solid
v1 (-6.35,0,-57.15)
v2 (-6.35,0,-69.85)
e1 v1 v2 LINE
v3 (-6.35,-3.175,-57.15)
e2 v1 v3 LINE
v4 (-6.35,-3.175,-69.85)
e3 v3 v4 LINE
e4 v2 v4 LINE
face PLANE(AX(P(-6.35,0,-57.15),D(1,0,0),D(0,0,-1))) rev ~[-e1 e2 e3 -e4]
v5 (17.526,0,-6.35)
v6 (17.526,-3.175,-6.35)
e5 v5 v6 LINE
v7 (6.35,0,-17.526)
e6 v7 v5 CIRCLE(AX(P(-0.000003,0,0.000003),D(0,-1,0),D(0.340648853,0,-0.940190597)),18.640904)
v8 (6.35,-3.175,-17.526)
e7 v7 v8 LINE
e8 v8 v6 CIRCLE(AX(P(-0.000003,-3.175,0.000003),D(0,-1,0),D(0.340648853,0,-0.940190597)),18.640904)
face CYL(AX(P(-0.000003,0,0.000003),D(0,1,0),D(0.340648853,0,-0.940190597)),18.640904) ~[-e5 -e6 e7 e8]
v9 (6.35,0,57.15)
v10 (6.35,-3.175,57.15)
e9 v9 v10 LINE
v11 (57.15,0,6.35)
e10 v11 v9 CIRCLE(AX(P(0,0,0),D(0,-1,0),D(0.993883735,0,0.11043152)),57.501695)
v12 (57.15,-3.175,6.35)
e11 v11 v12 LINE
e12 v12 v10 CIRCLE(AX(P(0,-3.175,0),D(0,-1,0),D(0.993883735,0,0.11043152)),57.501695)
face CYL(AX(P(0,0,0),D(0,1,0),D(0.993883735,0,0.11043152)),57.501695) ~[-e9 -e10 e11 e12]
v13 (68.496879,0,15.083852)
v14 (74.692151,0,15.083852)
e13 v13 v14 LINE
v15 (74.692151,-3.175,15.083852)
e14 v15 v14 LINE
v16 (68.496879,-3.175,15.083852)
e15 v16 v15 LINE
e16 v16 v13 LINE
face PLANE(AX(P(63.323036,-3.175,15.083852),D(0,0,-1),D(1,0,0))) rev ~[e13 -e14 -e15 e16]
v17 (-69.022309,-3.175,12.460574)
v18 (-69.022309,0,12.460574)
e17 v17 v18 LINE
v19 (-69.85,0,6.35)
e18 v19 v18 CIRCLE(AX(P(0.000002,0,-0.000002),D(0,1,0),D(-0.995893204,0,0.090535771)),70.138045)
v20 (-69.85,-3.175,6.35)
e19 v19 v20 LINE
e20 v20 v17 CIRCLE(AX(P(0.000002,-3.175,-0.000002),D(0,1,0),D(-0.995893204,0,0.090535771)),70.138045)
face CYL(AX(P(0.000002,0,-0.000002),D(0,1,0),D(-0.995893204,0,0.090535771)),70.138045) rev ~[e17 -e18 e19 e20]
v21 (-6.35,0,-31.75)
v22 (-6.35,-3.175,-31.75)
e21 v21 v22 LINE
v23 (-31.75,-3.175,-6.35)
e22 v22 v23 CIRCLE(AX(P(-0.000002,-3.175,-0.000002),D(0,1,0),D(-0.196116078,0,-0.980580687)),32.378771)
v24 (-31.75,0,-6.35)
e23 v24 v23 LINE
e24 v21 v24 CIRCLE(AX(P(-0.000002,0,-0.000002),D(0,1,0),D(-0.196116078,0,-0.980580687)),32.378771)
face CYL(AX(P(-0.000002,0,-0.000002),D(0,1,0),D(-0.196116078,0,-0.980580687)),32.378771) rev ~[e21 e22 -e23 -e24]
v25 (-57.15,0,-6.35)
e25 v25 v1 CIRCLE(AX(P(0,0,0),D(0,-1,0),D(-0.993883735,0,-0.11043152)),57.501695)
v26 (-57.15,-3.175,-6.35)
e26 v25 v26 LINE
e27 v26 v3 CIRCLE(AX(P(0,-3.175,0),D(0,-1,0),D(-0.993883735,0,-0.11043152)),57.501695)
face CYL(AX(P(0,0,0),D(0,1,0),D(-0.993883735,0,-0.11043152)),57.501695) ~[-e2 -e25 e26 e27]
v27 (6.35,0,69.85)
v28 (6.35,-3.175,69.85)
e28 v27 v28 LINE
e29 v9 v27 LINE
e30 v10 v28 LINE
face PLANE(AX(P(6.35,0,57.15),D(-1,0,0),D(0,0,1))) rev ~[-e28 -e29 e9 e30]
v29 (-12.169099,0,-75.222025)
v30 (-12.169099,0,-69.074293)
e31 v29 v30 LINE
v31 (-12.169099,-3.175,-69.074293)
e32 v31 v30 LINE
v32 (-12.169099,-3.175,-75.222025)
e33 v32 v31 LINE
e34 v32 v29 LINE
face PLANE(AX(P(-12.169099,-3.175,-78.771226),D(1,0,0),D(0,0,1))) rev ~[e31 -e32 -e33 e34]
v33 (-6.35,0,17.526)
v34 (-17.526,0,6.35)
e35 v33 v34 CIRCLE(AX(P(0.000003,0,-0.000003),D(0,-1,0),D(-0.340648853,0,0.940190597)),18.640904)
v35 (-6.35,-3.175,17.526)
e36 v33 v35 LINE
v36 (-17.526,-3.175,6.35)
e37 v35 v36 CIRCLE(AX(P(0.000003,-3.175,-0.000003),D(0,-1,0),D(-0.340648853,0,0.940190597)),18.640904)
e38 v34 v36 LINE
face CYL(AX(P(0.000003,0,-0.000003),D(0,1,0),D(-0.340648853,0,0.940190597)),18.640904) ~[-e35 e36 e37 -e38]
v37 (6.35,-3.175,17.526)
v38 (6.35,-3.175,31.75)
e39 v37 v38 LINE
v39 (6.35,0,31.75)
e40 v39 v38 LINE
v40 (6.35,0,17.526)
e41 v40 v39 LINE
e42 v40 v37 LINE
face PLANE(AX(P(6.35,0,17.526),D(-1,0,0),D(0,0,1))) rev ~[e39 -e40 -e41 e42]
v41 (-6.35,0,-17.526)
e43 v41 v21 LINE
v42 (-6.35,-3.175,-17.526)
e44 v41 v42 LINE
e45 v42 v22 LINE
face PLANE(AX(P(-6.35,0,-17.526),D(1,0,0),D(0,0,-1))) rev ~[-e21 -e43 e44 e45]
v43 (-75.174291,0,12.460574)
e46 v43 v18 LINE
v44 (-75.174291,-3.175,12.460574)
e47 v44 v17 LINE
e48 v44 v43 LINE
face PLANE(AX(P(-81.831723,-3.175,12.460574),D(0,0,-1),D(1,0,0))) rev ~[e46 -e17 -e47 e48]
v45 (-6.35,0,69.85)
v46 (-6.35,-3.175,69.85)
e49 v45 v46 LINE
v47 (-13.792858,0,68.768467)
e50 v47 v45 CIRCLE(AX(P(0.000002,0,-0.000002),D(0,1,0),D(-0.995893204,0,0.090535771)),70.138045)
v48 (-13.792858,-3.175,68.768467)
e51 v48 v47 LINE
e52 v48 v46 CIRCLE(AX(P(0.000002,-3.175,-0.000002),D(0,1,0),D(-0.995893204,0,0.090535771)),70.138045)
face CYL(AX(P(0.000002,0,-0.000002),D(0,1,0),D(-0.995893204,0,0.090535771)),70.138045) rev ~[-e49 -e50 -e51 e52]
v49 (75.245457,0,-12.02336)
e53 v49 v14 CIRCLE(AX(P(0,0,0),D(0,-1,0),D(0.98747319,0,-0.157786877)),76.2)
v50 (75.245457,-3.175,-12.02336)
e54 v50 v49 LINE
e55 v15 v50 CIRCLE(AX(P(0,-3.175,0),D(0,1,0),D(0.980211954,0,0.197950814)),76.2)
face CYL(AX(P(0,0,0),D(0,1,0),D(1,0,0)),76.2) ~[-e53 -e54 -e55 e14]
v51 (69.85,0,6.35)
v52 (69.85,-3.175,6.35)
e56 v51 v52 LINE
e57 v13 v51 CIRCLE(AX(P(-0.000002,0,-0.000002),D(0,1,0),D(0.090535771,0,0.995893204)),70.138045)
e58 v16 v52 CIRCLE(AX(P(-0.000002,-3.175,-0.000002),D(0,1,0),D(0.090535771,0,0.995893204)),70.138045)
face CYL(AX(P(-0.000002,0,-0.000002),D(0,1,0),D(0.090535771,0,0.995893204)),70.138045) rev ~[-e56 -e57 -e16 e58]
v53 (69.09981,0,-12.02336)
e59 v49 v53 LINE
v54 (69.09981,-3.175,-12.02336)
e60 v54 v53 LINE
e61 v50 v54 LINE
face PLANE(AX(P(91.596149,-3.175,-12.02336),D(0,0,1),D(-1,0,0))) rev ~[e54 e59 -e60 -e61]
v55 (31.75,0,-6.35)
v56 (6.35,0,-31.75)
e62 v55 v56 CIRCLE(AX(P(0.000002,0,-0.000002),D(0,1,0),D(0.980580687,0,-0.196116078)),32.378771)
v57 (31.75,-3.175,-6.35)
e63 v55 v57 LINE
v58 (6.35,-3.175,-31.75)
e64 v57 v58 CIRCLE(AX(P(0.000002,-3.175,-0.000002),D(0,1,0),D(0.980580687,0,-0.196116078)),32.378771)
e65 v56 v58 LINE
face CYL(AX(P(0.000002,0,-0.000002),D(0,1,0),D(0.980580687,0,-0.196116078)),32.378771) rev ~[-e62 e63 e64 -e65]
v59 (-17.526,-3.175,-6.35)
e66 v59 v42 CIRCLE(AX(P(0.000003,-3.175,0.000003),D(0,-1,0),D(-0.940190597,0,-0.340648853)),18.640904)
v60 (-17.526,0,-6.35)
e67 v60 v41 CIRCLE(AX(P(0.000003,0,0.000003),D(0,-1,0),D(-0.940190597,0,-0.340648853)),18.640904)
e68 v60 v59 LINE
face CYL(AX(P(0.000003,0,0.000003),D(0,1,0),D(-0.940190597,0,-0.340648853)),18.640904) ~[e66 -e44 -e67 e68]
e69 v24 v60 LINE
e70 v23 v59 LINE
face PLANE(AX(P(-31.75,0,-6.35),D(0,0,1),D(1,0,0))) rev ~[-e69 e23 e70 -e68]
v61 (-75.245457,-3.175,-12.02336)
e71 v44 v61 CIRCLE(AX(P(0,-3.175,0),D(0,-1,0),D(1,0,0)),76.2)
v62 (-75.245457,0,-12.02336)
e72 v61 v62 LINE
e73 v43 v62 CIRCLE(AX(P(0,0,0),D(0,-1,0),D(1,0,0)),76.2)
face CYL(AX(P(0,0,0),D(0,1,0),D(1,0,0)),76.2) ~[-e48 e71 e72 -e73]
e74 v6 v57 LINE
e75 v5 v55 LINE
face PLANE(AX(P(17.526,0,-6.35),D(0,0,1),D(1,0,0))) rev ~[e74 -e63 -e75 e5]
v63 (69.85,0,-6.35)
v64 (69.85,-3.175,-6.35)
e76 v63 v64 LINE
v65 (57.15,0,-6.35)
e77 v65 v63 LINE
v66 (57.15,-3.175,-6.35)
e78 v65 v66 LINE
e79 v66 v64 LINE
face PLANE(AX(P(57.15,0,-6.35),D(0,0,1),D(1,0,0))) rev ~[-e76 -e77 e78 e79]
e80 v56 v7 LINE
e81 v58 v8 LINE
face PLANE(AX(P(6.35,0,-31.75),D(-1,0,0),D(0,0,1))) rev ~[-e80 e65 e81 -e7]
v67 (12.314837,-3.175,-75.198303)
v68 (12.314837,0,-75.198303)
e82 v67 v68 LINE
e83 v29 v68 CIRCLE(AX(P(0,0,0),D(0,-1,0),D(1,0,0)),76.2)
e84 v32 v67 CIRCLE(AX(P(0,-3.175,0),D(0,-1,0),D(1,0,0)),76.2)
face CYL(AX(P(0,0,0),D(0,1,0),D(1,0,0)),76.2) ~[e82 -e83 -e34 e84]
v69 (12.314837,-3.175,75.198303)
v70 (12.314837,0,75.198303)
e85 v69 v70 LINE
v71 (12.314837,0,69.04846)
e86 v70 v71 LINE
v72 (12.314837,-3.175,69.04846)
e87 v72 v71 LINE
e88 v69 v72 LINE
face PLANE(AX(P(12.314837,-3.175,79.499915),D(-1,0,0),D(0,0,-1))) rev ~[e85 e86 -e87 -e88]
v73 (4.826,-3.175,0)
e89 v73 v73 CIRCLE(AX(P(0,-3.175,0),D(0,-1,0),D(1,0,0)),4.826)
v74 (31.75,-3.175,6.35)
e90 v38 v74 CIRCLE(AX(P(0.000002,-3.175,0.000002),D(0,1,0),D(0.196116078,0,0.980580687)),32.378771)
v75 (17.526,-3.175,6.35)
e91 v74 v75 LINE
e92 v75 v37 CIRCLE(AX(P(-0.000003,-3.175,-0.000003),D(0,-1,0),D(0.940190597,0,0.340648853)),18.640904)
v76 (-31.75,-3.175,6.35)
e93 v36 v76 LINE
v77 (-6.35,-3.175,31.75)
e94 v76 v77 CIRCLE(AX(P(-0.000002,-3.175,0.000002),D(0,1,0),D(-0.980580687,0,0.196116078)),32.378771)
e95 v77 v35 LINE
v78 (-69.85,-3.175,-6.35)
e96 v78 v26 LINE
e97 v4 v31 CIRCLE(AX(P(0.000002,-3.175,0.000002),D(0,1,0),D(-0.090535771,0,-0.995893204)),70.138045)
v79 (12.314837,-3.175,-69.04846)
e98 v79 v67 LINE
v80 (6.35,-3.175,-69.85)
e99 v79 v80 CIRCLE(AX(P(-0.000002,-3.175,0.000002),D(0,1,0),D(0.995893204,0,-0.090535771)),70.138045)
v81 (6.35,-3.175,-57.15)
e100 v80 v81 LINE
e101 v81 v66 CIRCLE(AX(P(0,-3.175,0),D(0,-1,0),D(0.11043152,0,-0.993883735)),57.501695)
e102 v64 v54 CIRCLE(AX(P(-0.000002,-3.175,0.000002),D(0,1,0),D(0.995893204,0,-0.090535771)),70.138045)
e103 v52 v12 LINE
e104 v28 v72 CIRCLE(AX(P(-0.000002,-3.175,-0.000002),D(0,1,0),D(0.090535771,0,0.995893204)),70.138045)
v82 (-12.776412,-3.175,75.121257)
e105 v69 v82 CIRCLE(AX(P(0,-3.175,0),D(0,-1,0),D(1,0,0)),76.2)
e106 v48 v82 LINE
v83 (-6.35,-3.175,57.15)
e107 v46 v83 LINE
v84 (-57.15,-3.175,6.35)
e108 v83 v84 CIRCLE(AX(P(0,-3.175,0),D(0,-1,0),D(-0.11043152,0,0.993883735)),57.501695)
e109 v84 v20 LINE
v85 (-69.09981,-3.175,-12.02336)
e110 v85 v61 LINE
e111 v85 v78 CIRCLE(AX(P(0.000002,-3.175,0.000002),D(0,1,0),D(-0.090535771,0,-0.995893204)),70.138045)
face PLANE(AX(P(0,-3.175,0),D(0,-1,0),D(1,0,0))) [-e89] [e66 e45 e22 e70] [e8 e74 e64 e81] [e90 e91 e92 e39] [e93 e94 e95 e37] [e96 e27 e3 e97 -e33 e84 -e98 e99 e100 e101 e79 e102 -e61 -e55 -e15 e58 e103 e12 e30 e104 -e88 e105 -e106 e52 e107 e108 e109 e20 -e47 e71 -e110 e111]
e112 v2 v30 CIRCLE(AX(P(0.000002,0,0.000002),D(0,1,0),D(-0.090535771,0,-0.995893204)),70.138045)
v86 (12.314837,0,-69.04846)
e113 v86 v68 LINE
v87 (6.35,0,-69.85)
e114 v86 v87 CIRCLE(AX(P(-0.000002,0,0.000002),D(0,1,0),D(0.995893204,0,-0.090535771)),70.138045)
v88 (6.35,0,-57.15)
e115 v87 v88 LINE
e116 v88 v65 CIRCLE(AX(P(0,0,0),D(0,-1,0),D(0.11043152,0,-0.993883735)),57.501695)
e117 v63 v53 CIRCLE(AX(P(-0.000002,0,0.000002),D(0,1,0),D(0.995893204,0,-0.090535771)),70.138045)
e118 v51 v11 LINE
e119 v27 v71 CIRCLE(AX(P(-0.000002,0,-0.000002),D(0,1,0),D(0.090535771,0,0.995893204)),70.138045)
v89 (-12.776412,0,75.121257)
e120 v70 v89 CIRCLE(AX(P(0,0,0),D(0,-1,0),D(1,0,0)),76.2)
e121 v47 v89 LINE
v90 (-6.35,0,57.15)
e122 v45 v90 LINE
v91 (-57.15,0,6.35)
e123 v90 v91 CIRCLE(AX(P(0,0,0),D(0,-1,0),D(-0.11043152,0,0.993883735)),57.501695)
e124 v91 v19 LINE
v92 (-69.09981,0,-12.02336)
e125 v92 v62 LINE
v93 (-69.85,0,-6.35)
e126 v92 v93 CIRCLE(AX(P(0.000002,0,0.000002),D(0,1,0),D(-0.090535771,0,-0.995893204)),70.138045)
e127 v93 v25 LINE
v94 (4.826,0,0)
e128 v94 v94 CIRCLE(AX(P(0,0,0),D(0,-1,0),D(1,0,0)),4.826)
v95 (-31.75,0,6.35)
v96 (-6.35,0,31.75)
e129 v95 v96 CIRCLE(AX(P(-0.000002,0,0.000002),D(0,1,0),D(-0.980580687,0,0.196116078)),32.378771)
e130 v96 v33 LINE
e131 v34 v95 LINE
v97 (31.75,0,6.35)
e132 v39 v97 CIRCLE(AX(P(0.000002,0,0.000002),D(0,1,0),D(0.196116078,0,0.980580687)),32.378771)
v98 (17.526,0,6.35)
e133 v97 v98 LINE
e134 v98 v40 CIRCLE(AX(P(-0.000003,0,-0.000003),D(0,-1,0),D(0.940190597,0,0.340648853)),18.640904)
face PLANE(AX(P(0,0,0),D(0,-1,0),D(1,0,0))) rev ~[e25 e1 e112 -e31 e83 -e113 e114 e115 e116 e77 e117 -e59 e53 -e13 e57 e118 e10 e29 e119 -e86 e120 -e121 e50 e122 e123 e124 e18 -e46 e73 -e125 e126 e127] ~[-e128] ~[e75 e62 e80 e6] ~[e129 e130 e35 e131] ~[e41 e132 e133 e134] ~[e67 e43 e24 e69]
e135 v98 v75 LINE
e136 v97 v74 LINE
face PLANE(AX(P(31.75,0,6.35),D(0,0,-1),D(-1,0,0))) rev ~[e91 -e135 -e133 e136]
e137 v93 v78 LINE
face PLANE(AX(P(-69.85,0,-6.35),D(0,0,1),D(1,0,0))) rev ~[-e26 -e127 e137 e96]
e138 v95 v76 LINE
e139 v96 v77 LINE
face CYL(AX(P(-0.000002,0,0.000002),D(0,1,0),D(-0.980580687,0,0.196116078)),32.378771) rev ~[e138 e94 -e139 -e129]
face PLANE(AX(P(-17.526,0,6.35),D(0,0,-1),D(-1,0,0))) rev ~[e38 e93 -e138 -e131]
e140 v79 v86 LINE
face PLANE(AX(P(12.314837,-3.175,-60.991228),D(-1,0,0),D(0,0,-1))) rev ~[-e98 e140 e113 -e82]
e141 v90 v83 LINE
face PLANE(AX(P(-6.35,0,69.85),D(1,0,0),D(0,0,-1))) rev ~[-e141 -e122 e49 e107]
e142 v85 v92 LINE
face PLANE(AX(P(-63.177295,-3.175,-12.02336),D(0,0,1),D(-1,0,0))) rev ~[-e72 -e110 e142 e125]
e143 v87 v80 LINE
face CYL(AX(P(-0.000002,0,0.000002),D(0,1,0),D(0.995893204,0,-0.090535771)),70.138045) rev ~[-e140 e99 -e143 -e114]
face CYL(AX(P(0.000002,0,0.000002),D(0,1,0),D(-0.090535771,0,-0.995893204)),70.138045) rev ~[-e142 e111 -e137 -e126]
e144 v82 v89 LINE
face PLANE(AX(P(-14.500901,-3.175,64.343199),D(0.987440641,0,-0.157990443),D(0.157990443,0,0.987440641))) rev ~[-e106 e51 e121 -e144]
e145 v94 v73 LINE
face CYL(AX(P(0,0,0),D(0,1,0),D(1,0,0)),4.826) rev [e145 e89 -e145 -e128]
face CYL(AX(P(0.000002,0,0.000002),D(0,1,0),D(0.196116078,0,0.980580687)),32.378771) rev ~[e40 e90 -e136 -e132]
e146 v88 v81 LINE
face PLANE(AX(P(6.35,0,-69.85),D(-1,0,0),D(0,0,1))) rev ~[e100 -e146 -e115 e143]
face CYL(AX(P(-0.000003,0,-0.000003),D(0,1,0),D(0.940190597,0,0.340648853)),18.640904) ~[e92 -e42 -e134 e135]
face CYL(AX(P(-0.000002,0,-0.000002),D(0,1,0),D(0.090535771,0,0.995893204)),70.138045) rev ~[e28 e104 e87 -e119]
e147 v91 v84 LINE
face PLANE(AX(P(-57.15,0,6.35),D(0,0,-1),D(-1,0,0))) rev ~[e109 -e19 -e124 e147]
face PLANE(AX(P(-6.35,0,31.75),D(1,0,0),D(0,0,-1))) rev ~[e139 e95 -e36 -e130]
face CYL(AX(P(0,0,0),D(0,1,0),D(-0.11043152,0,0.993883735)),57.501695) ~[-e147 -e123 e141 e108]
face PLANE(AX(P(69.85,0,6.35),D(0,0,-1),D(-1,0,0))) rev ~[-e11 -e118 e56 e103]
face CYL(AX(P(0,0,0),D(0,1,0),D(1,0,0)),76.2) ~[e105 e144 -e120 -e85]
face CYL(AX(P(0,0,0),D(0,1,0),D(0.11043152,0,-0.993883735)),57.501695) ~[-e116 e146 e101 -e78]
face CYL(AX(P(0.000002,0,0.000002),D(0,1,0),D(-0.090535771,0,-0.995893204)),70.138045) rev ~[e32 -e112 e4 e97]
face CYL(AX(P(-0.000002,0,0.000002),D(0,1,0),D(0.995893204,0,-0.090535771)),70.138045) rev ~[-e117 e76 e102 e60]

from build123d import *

# Parameters (mm, degrees)
F0_R     = 76.2
F0_R_2   = 4.826
F1_DEPTH = 3.175
F3_DEPTH = 25.4


with BuildPart() as f1:
    # F0 (on Front) → F1 (new body)
    with BuildSketch(Plane.XZ):
        Circle(F0_R)
        with BuildLine():
            ThreePointArc((-57.15, -6.35), (-40.659839, -40.659839), (-6.35, -57.15))
            Line((-6.35, -57.15), (-6.35, -69.85))
            ThreePointArc((-6.35, -69.85), (-49.595085, -49.595085), (-69.85, -6.35))
            Line((-69.85, -6.35), (-57.15, -6.35))
        make_face(mode=Mode.SUBTRACT)
        with BuildLine():
            Line((-31.75, -6.35), (-17.526, -6.35))
            ThreePointArc((-17.526, -6.35), (-13.181107, -13.181107), (-6.35, -17.526))
            Line((-6.35, -17.526), (-6.35, -31.75))
            ThreePointArc((-6.35, -31.75), (-22.895251, -22.895251), (-31.75, -6.35))
        make_face(mode=Mode.SUBTRACT)
        with BuildLine():
            Line((6.35, -31.75), (6.35, -17.526))
            ThreePointArc((6.35, -17.526), (13.181107, -13.181107), (17.526, -6.35))
            Line((17.526, -6.35), (31.75, -6.35))
            ThreePointArc((31.75, -6.35), (22.895251, -22.895251), (6.35, -31.75))
        make_face(mode=Mode.SUBTRACT)
        with BuildLine():
            ThreePointArc((6.35, -57.15), (40.659839, -40.659839), (57.15, -6.35))
            Line((57.15, -6.35), (69.85, -6.35))
            ThreePointArc((69.85, -6.35), (49.595085, -49.595085), (6.35, -69.85))
            Line((6.35, -69.85), (6.35, -57.15))
        make_face(mode=Mode.SUBTRACT)
        with BuildLine():
            Line((-6.35, 31.75), (-6.35, 17.526))
            ThreePointArc((-6.35, 17.526), (-13.181107, 13.181107), (-17.526, 6.35))
            Line((-17.526, 6.35), (-31.75, 6.35))
            ThreePointArc((-31.75, 6.35), (-22.895251, 22.895251), (-6.35, 31.75))
        make_face(mode=Mode.SUBTRACT)
        with BuildLine():
            ThreePointArc((-6.35, 57.15), (-40.659839, 40.659839), (-57.15, 6.35))
            Line((-57.15, 6.35), (-69.85, 6.35))
            ThreePointArc((-69.85, 6.35), (-49.595085, 49.595085), (-6.35, 69.85))
            Line((-6.35, 69.85), (-6.35, 57.15))
        make_face(mode=Mode.SUBTRACT)
        Circle(F0_R_2, mode=Mode.SUBTRACT)
        with BuildLine():
            Line((31.75, 6.35), (17.526, 6.35))
            ThreePointArc((17.526, 6.35), (13.181107, 13.181107), (6.35, 17.526))
            Line((6.35, 17.526), (6.35, 31.75))
            ThreePointArc((6.35, 31.75), (22.895251, 22.895251), (31.75, 6.35))
        make_face(mode=Mode.SUBTRACT)
        with BuildLine():
            ThreePointArc((57.15, 6.35), (40.659839, 40.659839), (6.35, 57.15))
            Line((6.35, 57.15), (6.35, 69.85))
            ThreePointArc((6.35, 69.85), (49.595085, 49.595085), (69.85, 6.35))
            Line((69.85, 6.35), (57.15, 6.35))
        make_face(mode=Mode.SUBTRACT)
    extrude(amount=F1_DEPTH)

    # F2 (on face) → F3 (cut)
    with BuildSketch(Plane.XZ.offset(3.175)):
        Polygon((-81.831723, 12.460574), (-65.217622, 12.460574), (-44.52287, 45.105822), (-14.500901, 64.343199), (-12.169099, 78.916967), (-54.433033, 65.509103), align=None)
        Polygon((12.314837, 79.499915), (12.314837, 63.468769), (44.668611, 47.146149), (63.323036, 15.083852), (85.183688, 15.083852), (62.157135, 64.634673), align=None)
        Polygon((91.596149, -12.02336), (63.61451, -12.02336), (48.457786, -43.794177), (12.314837, -60.991228), (12.314837, -79.354182), (57.15, -66.820741), align=None)
        Polygon((-12.169099, -78.771226), (-12.169099, -63.5), (-48.312049, -43.794177), (-63.177295, -12.02336), (-81.248775, -12.02336), (-76.87664, -30.969264), (-63.177295, -60.991228), align=None)
    extrude(amount=-F3_DEPTH, mode=Mode.SUBTRACT)


solid = f1.part
